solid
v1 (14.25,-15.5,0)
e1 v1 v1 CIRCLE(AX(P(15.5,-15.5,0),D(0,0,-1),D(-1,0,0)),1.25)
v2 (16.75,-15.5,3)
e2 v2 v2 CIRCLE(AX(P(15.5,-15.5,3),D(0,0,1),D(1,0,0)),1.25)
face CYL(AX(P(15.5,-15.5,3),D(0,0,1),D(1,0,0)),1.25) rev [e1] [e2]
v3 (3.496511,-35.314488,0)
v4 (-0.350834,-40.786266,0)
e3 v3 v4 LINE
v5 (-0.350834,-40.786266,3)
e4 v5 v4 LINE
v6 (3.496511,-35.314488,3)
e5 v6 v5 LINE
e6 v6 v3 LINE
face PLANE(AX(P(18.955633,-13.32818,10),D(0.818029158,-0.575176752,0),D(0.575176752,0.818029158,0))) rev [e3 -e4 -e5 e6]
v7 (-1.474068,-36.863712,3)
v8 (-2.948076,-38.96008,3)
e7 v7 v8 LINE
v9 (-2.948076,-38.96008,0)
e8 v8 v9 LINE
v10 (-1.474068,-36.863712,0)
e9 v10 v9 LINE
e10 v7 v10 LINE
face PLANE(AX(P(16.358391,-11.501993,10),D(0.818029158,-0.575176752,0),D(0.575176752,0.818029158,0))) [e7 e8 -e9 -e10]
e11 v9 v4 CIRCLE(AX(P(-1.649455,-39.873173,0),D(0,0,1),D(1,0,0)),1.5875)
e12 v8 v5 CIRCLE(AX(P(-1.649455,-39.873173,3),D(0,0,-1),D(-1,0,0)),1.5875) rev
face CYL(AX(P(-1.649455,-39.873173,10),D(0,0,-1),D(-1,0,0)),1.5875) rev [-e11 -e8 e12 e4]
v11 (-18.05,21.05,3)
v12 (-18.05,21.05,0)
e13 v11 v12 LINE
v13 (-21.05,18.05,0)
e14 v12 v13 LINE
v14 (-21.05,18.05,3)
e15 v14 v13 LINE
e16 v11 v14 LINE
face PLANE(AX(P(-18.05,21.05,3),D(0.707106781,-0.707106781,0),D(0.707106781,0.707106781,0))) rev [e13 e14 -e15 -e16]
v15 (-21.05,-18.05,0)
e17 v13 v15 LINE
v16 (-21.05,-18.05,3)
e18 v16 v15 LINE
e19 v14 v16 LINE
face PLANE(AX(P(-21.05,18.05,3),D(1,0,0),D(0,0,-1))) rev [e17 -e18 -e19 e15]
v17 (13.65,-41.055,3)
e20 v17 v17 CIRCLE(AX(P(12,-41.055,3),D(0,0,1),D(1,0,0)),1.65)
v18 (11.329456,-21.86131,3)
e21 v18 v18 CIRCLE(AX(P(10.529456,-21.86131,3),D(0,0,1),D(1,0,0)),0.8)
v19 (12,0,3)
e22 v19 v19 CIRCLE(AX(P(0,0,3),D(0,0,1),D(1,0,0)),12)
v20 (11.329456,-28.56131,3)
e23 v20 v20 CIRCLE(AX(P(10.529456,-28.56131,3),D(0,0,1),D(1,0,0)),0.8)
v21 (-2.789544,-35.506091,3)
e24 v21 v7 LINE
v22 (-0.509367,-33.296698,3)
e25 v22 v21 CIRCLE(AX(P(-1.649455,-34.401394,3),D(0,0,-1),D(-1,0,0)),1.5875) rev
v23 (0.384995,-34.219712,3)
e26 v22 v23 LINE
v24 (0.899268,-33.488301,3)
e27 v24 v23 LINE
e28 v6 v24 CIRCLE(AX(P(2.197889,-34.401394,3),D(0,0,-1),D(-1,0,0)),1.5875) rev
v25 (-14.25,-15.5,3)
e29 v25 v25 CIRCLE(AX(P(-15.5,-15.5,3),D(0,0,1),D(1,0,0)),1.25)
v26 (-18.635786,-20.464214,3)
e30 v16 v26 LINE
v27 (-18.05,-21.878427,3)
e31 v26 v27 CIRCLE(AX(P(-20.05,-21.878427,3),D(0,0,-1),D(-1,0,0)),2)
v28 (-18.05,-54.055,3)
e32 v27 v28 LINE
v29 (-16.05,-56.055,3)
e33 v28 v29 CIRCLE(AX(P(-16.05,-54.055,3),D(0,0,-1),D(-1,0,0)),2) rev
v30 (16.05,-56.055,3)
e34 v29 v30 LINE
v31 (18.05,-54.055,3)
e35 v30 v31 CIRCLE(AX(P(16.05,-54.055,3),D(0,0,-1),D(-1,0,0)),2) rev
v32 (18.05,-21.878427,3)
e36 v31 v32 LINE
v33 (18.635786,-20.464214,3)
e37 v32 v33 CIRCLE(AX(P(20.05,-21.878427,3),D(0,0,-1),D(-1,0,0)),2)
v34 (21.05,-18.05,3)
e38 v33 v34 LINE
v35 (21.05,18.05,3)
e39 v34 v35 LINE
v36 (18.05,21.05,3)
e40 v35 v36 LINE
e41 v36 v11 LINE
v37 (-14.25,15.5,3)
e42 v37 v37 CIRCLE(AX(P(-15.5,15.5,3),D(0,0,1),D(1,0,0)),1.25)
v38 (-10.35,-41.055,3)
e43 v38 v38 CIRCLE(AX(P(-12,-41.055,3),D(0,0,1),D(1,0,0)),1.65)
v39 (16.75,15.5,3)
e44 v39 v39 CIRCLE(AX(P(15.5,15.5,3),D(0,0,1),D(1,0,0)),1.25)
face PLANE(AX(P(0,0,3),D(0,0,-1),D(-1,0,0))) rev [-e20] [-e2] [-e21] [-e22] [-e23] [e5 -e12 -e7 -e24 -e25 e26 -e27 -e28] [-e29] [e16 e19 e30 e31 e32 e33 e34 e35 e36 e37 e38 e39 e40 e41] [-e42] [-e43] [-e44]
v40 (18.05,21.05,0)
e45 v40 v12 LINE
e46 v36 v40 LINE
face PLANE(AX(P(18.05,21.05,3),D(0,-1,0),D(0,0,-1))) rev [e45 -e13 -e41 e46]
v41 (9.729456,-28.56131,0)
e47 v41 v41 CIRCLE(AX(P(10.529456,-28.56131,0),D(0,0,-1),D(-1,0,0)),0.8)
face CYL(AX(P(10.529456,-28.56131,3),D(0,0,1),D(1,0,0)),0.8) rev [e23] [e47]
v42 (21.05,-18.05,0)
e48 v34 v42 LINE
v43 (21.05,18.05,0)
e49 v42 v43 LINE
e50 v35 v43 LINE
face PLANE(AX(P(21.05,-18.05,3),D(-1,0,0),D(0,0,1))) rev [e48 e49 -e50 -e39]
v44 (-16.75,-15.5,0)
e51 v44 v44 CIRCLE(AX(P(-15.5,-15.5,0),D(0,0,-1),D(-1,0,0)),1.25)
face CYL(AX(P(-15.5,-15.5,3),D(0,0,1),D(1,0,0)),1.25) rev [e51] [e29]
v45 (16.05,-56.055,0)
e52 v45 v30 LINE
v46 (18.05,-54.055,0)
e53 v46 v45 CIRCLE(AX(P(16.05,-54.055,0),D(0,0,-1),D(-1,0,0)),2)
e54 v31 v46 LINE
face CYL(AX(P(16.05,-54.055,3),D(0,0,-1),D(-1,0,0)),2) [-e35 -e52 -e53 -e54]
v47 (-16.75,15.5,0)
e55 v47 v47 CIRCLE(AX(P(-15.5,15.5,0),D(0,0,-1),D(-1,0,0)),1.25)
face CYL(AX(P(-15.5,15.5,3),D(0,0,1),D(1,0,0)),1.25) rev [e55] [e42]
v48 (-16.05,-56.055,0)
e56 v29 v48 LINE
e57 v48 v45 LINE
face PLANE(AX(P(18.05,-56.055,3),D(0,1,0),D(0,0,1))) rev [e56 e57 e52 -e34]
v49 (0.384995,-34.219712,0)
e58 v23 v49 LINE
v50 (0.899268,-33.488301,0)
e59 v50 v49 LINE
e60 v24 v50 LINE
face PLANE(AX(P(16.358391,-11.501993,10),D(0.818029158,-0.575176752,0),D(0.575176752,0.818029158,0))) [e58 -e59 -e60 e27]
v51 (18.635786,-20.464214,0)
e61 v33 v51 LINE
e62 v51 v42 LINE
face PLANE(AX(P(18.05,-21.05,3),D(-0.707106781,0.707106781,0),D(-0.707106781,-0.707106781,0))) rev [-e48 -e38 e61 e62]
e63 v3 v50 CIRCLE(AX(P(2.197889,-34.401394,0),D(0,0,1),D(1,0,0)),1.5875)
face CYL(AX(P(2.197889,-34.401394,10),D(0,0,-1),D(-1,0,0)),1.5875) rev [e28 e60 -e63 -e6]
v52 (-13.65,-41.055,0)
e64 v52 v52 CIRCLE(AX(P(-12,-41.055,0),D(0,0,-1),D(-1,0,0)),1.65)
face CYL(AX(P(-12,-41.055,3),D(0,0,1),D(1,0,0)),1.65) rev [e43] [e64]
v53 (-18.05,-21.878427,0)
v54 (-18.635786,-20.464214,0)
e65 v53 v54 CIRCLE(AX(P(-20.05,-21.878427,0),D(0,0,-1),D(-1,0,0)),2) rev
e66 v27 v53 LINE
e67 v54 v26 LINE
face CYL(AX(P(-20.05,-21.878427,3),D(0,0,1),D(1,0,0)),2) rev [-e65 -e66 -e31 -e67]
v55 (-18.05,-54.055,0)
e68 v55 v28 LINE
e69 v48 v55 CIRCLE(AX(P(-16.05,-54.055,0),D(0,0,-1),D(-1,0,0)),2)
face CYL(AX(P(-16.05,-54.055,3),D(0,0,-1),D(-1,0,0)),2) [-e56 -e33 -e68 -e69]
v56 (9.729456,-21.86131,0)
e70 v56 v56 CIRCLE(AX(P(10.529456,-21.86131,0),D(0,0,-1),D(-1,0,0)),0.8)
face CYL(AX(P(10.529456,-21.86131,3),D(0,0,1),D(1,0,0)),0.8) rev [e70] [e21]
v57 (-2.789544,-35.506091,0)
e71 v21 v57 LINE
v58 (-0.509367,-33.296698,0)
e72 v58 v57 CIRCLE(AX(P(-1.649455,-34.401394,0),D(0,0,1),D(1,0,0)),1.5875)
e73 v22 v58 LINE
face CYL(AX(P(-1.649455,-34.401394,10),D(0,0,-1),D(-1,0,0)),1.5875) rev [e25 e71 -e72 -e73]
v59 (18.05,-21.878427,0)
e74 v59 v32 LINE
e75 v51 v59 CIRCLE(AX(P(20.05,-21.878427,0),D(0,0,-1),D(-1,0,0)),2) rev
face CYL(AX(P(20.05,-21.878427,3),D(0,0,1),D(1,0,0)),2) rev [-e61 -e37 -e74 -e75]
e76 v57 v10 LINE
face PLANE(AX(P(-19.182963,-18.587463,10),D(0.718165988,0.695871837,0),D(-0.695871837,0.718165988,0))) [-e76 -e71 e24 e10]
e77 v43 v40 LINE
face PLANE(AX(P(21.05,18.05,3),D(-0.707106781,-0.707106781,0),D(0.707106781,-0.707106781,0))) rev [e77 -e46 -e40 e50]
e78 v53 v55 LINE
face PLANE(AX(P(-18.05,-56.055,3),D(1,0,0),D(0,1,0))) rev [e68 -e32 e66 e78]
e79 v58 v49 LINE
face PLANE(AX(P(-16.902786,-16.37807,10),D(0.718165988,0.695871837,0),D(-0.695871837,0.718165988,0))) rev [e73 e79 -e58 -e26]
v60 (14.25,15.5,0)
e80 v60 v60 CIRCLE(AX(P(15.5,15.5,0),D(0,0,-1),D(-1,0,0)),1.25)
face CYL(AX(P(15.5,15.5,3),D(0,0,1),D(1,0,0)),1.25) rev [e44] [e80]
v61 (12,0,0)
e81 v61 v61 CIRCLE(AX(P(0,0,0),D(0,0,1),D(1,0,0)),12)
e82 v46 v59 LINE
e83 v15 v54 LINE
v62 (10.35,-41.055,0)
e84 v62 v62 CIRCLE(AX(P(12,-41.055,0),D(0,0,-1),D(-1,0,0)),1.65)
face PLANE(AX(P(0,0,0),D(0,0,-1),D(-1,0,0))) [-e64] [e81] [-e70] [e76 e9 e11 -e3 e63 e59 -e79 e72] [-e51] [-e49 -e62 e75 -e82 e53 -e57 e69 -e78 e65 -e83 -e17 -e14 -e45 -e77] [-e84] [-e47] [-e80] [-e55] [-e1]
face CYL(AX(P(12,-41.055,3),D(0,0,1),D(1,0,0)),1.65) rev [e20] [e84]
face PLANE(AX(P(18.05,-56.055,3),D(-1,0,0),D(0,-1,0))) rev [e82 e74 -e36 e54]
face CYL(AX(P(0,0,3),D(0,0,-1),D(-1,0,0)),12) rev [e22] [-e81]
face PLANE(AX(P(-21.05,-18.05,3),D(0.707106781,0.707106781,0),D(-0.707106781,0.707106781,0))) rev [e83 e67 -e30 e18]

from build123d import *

# Parameters (mm, degrees)
SKETCH1_R                   = 12
BOSS_EXTRUDE1_DEPTH         = 3
TAP_DRILL_FOR_M3_TAP1_D     = 2.5
TAP_DRILL_FOR_M3_TAP1_DEPTH = 5
TAP_DRILL_FOR_M3_TAP1_TIP   = 0.751075774
TAP_DRILL_FOR_M4_TAP1_D     = 3.3
TAP_DRILL_FOR_M4_TAP1_DEPTH = 5
TAP_DRILL_FOR_M4_TAP1_TIP   = 0.991420021
FILLET1_R                   = 2
TAP_DRILL_FOR_M2_TAP1_D     = 1.6
TAP_DRILL_FOR_M2_TAP1_DEPTH = 5
TAP_DRILL_FOR_M2_TAP1_TIP   = 0.480688495
CUT_EXTRUDE1_DEPTH          = 10


with BuildPart() as part:
    # Sketch1 → Boss-Extrude1 (new body)
    with BuildSketch(Plane.XY):
        Polygon((18.05, -56.055), (18.05, -21.05), (21.05, -18.05), (21.05, 18.05), (18.05, 21.05), (-18.05, 21.05), (-21.05, 18.05), (-21.05, -18.05), (-18.05, -21.05), (-18.05, -56.055), align=None)
        Circle(SKETCH1_R, mode=Mode.SUBTRACT)
    extrude(amount=BOSS_EXTRUDE1_DEPTH)

    # Tap Drill for M3 Tap1
    with Locations(Plane.XY.offset(3)):
        with Locations((-15.5, 15.5), (15.5, 15.5), (-15.5, -15.5), (15.5, -15.5)):
            Hole(TAP_DRILL_FOR_M3_TAP1_D / 2, depth=TAP_DRILL_FOR_M3_TAP1_DEPTH)
            with Locations((0, 0, -(TAP_DRILL_FOR_M3_TAP1_DEPTH + TAP_DRILL_FOR_M3_TAP1_TIP / 2))):  # 118° drill point
                Cone(0, TAP_DRILL_FOR_M3_TAP1_D / 2, TAP_DRILL_FOR_M3_TAP1_TIP, mode=Mode.SUBTRACT)

    # Tap Drill for M4 Tap1
    with Locations(Plane.XY.offset(3)):
        with Locations((12, -41.055), (-12, -41.055)):
            Hole(TAP_DRILL_FOR_M4_TAP1_D / 2, depth=TAP_DRILL_FOR_M4_TAP1_DEPTH)
            with Locations((0, 0, -(TAP_DRILL_FOR_M4_TAP1_DEPTH + TAP_DRILL_FOR_M4_TAP1_TIP / 2))):  # 118° drill point
                Cone(0, TAP_DRILL_FOR_M4_TAP1_D / 2, TAP_DRILL_FOR_M4_TAP1_TIP, mode=Mode.SUBTRACT)

    # Fillet1
    fillet1_edges = [part.edges().sort_by_distance(p)[0] for p in [
        (18.05, -21.05, 1.5),
        (18.05, -56.055, 1.5),
        (-18.05, -56.055, 1.5),
        (-18.05, -21.05, 1.5),
    ]]
    fillet(fillet1_edges, radius=FILLET1_R)

    # Tap Drill for M2 Tap1
    with Locations(Plane.XY.offset(3)):
        with Locations((10.52945603, -21.86131015), (10.52945603, -28.56131015)):
            Hole(TAP_DRILL_FOR_M2_TAP1_D / 2, depth=TAP_DRILL_FOR_M2_TAP1_DEPTH)
            with Locations((0, 0, -(TAP_DRILL_FOR_M2_TAP1_DEPTH + TAP_DRILL_FOR_M2_TAP1_TIP / 2))):  # 118° drill point
                Cone(0, TAP_DRILL_FOR_M2_TAP1_D / 2, TAP_DRILL_FOR_M2_TAP1_TIP, mode=Mode.SUBTRACT)

    # Sketch8 → Cut-Extrude1 (cut)
    with BuildSketch(Plane.XY):
        with BuildLine():
            Line((-0.350833888, -40.786266358), (3.496510612, -35.314487513))
            ThreePointArc((3.496510612, -35.314487513), (3.110982416, -33.102773131), (0.899268034, -33.488301326))
            Line((0.899268034, -33.488301326), (0.384994593, -34.219712442))
            Line((0.384994593, -34.219712442), (-0.509366672, -33.296697877))
            ThreePointArc((-0.509366672, -33.296697877), (-2.754151719, -33.261305914), (-2.789543683, -35.506090962))
            Line((-2.789543683, -35.506090962), (-1.474067559, -36.863711947))
            Line((-1.474067559, -36.863711947), (-2.948076466, -38.96008017))
            ThreePointArc((-2.948076466, -38.96008017), (-2.562548271, -41.171794553), (-0.350833888, -40.786266358))
        make_face()
    extrude(amount=CUT_EXTRUDE1_DEPTH, mode=Mode.SUBTRACT)


solid = part.part
